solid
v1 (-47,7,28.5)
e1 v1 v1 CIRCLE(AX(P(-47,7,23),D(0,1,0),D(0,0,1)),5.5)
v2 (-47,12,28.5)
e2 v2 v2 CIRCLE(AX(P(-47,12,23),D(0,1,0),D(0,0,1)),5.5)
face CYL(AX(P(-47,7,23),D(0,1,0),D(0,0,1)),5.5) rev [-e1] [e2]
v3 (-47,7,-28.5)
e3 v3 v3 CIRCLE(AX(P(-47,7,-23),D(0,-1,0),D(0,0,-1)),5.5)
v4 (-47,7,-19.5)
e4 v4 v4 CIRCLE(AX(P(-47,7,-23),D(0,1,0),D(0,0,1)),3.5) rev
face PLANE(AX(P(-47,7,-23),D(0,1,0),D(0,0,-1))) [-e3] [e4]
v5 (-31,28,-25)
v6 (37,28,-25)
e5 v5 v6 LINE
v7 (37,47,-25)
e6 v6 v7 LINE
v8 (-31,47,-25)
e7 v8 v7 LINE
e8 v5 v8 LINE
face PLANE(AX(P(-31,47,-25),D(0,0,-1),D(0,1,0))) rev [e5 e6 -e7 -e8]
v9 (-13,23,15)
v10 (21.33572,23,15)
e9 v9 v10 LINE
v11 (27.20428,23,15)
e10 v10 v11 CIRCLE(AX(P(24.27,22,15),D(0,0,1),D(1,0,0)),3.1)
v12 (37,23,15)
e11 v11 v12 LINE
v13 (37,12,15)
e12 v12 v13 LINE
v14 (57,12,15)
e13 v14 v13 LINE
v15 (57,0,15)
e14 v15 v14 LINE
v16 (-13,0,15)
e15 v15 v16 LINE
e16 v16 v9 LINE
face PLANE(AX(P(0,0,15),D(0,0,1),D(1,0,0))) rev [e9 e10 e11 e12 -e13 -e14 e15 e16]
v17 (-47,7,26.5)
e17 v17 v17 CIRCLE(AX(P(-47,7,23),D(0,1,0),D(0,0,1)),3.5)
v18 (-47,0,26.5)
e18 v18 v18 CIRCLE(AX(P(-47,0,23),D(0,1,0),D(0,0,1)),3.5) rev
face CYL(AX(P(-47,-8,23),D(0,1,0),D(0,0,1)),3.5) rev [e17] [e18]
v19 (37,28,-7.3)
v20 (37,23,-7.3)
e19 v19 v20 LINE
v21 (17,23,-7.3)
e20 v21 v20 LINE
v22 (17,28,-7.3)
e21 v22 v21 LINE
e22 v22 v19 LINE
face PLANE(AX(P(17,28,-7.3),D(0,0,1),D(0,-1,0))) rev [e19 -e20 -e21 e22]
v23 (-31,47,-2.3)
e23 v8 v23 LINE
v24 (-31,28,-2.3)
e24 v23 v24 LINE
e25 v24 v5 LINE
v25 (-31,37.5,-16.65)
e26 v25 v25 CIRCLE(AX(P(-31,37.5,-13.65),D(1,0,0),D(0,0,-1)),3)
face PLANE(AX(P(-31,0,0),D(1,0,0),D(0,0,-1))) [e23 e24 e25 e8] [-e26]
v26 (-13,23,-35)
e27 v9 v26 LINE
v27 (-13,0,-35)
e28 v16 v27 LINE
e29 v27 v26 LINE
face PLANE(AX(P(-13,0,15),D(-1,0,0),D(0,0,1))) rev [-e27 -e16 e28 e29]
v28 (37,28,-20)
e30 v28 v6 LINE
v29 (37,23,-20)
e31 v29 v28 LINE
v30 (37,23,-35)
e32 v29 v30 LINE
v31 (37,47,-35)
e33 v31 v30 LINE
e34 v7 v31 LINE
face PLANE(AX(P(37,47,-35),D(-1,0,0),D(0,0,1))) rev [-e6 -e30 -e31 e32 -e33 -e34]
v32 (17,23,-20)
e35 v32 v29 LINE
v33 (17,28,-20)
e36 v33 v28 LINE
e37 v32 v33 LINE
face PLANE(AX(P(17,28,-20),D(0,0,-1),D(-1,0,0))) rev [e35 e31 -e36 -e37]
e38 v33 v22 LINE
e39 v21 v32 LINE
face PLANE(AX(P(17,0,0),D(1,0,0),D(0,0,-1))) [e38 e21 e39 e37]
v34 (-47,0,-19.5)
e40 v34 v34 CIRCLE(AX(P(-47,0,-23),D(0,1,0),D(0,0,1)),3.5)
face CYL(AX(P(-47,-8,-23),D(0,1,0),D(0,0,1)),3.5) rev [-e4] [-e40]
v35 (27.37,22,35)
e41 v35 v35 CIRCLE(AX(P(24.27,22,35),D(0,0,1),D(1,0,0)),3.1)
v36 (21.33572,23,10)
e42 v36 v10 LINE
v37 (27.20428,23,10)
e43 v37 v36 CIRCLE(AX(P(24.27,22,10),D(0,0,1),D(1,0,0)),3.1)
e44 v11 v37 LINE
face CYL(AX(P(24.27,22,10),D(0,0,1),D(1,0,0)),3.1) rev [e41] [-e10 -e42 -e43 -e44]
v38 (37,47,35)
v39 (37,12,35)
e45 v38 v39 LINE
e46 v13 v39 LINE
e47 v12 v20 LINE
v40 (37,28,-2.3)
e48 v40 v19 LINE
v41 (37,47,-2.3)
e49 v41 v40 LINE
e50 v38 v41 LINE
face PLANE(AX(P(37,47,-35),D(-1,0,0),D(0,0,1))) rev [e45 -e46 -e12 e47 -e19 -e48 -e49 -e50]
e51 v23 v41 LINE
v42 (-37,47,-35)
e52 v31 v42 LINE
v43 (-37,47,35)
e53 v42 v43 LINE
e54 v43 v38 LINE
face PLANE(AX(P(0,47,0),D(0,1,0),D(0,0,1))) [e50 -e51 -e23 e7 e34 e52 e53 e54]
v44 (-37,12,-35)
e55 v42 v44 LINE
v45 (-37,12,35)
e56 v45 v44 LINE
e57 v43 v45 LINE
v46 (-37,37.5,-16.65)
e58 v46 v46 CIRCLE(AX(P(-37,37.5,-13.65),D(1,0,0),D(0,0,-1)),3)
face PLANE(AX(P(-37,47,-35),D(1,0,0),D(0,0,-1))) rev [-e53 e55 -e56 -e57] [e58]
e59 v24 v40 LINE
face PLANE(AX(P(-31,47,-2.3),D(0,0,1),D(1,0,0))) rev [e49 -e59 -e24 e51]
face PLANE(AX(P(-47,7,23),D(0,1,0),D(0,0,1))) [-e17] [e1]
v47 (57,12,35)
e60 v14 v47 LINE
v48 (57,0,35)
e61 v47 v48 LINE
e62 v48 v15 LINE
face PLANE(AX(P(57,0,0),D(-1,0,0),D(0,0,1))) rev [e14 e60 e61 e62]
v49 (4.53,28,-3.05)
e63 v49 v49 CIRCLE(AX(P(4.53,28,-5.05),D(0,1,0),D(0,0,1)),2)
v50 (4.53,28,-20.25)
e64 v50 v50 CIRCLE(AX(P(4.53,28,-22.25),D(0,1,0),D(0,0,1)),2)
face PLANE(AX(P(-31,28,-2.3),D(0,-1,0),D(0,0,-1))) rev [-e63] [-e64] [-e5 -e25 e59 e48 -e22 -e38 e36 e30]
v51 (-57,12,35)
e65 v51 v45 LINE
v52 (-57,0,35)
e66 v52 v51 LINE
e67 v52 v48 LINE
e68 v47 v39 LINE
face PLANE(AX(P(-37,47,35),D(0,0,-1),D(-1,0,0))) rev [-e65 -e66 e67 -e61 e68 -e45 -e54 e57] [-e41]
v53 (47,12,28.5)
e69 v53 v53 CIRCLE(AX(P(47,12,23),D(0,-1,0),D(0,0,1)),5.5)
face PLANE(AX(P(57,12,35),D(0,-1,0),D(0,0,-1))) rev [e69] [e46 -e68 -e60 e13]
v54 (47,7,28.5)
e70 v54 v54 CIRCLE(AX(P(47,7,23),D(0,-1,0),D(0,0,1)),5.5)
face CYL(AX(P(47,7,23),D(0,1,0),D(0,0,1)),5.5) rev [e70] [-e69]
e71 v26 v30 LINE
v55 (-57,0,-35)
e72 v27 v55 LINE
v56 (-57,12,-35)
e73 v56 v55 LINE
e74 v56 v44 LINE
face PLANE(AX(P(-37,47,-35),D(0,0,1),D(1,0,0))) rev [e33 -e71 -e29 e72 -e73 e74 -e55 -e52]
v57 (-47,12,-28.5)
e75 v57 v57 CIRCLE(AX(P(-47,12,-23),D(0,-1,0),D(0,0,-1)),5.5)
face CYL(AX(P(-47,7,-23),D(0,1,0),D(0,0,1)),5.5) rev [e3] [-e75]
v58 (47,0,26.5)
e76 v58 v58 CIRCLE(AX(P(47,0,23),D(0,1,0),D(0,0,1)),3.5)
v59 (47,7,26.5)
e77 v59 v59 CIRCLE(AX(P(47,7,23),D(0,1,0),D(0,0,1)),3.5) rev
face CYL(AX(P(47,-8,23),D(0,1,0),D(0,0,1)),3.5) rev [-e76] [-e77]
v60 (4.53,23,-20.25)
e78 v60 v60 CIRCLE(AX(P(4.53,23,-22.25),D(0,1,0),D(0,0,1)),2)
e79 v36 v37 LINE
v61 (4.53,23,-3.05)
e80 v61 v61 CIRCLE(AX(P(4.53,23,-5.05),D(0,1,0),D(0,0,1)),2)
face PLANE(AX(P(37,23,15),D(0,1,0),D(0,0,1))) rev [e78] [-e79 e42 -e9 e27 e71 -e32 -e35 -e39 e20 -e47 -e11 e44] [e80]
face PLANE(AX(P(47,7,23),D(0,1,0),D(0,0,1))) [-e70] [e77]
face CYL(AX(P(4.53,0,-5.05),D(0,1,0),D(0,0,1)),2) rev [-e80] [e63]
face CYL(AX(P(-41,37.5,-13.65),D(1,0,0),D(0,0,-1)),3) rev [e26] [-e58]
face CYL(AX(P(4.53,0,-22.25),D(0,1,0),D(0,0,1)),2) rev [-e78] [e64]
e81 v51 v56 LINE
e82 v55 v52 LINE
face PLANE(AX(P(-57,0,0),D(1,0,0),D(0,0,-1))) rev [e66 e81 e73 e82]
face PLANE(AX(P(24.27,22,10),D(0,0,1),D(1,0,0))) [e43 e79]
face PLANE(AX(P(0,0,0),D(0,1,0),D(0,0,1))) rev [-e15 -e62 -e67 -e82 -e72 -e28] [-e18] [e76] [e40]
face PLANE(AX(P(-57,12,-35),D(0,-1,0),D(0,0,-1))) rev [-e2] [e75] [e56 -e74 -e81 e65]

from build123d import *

# Parameters (mm, degrees)
SKETCH1_W                                  = 74
SKETCH1_H                                  = 70
BOSS_EXTRUDE1_DEPTH                        = 47
SKETCH2_W                                  = 22.7
SKETCH2_H                                  = 19
CUT_EXTRUDE1_DEPTH                         = 68
SKETCH7_W                                  = 50
SKETCH7_H                                  = 23
CUT_EXTRUDE4_DEPTH                         = 50
SKETCH8_R                                  = 3.1
CUT_EXTRUDE5_DEPTH                         = 25
SKETCH9_W                                  = 20
SKETCH9_H                                  = 12
BOSS_EXTRUDE3_DEPTH                        = 20
SKETCH10_W                                 = 70
SKETCH10_H                                 = 12
BOSS_EXTRUDE4_DEPTH                        = 20
SKETCH12_R                                 = 3.5
CUT_EXTRUDE6_DEPTH                         = 20
MIRROR1_AT_THE_SECOND_PLANE_COPY_1_SKETC_R = 3.5
MIRROR1_AT_THE_SECOND_PLANE_COPY_1_DEPTH   = 20
SKETCH13_R                                 = 5.5
CUT_EXTRUDE7_DEPTH                         = 5
SKETCH14_R                                 = 3
CUT_EXTRUDE8_DEPTH                         = 10
SKETCH15_W                                 = 12.7
SKETCH15_H                                 = 5
CUT_EXTRUDE9_DEPTH                         = 20
SKETCH16_R                                 = 2
CUT_EXTRUDE10_DEPTH                        = 73.512067961


with BuildPart() as part:
    # Sketch1 → Boss-Extrude1 (new body)
    with BuildSketch(Plane(origin=(0, 0, 0), x_dir=(1, 0, 0), z_dir=(0, 1, 0))):
        Rectangle(SKETCH1_W, SKETCH1_H)
    extrude(amount=BOSS_EXTRUDE1_DEPTH)

    # Sketch2 → Cut-Extrude1 (cut)
    with BuildSketch(Plane(origin=(37, 0, 0), x_dir=(0, 0, -1), z_dir=(1, 0, 0))):
        with Locations((13.65, 37.5)):
            Rectangle(SKETCH2_W, SKETCH2_H)
    extrude(amount=-CUT_EXTRUDE1_DEPTH, mode=Mode.SUBTRACT)

    # Sketch7 → Cut-Extrude4 (cut)
    with BuildSketch(Plane(origin=(0, 0, -35), x_dir=(-1, 0, 0), z_dir=(0, 0, -1))):
        with Locations((-12, 11.5)):
            Rectangle(SKETCH7_W, SKETCH7_H)
    extrude(amount=-CUT_EXTRUDE4_DEPTH, mode=Mode.SUBTRACT)

    # Sketch8 → Cut-Extrude5 (cut)
    with BuildSketch(Plane.XY.offset(35)):
        with Locations((24.27, 22)):
            Circle(SKETCH8_R)
    extrude(amount=-CUT_EXTRUDE5_DEPTH, mode=Mode.SUBTRACT)

    # Sketch9 → Boss-Extrude3 (add)
    with BuildSketch(Plane(origin=(37, 0, 0), x_dir=(0, 0, -1), z_dir=(1, 0, 0))):
        with Locations((-25, 6)):
            Rectangle(SKETCH9_W, SKETCH9_H)
    extrude(amount=BOSS_EXTRUDE3_DEPTH)

    # Sketch10 → Boss-Extrude4 (add)
    with BuildSketch(Plane.ZY.offset(37)):
        with Locations((0, 6)):
            Rectangle(SKETCH10_W, SKETCH10_H)
    extrude(amount=BOSS_EXTRUDE4_DEPTH)

    # Sketch12 → Cut-Extrude6 (cut)
    with BuildSketch(Plane(origin=(0, 12, 0), x_dir=(1, 0, 0), z_dir=(0, 1, 0))):
        with Locations(Location((-47, 23, 0), (0, 0, 270))):
            Circle(SKETCH12_R)
    cut_extrude6 = extrude(amount=-CUT_EXTRUDE6_DEPTH, mode=Mode.SUBTRACT)

    # Mirror1: Cut-Extrude6 across plane
    add(cut_extrude6.mirror(Plane.XY), mode=Mode.SUBTRACT)

    # Mirror1 at the second plane: Cut-Extrude6 across plane
    add(cut_extrude6.mirror(Plane(origin=(0, 0, 0), x_dir=(0, 0, 1), z_dir=(1, 0, 0))), mode=Mode.SUBTRACT)

    # Mirror1 at the second plane copy 1 sketc → Mirror1 at the second plane copy 1 (cut)
    with BuildSketch(Plane(origin=(0, 12, 0), x_dir=(-1, 0, 0), z_dir=(0, 1, 0))):
        with Locations(Location((-47, 23, 0), (0, 0, 270))):
            Circle(MIRROR1_AT_THE_SECOND_PLANE_COPY_1_SKETC_R)
    extrude(amount=-MIRROR1_AT_THE_SECOND_PLANE_COPY_1_DEPTH, mode=Mode.SUBTRACT)

    # Sketch13 → Cut-Extrude7 (cut)
    with BuildSketch(Plane(origin=(0, 12, 0), x_dir=(1, 0, 0), z_dir=(0, 1, 0))):
        with Locations(Location((-47, -23, 0), (0, 0, 270))):
            Circle(SKETCH13_R)
    cut_extrude7 = extrude(amount=-CUT_EXTRUDE7_DEPTH, mode=Mode.SUBTRACT)

    # Mirror2: Cut-Extrude7 across plane
    add(cut_extrude7.mirror(Plane.XY), mode=Mode.SUBTRACT)

    # Mirror2 at the second plane: Cut-Extrude7 across plane
    add(cut_extrude7.mirror(Plane(origin=(0, 0, 0), x_dir=(0, 0, 1), z_dir=(1, 0, 0))), mode=Mode.SUBTRACT)

    # Sketch14 → Cut-Extrude8 (cut)
    with BuildSketch(Plane(origin=(-31, 0, 0), x_dir=(0, 0, -1), z_dir=(1, 0, 0))):
        with Locations((13.65, 37.5)):
            Circle(SKETCH14_R)
    extrude(amount=-CUT_EXTRUDE8_DEPTH, mode=Mode.SUBTRACT)

    # Sketch15 → Cut-Extrude9 (cut)
    with BuildSketch(Plane(origin=(37, 0, 0), x_dir=(0, 0, -1), z_dir=(1, 0, 0))):
        with Locations((13.65, 25.5)):
            Rectangle(SKETCH15_W, SKETCH15_H)
    extrude(amount=-CUT_EXTRUDE9_DEPTH, mode=Mode.SUBTRACT)

    # Sketch16 → Cut-Extrude10 (cut, through all)
    with BuildSketch(Plane(origin=(0, 28, 0), x_dir=(1, 0, 0), z_dir=(0, 1, 0))):
        with Locations(Location((4.53, 5.05, 0), (0, 0, 270))):
            Circle(SKETCH16_R)
        with Locations(Location((4.53, 22.25, 0), (0, 0, 270))):
            Circle(SKETCH16_R)
    extrude(amount=-CUT_EXTRUDE10_DEPTH, mode=Mode.SUBTRACT)


solid = part.part
